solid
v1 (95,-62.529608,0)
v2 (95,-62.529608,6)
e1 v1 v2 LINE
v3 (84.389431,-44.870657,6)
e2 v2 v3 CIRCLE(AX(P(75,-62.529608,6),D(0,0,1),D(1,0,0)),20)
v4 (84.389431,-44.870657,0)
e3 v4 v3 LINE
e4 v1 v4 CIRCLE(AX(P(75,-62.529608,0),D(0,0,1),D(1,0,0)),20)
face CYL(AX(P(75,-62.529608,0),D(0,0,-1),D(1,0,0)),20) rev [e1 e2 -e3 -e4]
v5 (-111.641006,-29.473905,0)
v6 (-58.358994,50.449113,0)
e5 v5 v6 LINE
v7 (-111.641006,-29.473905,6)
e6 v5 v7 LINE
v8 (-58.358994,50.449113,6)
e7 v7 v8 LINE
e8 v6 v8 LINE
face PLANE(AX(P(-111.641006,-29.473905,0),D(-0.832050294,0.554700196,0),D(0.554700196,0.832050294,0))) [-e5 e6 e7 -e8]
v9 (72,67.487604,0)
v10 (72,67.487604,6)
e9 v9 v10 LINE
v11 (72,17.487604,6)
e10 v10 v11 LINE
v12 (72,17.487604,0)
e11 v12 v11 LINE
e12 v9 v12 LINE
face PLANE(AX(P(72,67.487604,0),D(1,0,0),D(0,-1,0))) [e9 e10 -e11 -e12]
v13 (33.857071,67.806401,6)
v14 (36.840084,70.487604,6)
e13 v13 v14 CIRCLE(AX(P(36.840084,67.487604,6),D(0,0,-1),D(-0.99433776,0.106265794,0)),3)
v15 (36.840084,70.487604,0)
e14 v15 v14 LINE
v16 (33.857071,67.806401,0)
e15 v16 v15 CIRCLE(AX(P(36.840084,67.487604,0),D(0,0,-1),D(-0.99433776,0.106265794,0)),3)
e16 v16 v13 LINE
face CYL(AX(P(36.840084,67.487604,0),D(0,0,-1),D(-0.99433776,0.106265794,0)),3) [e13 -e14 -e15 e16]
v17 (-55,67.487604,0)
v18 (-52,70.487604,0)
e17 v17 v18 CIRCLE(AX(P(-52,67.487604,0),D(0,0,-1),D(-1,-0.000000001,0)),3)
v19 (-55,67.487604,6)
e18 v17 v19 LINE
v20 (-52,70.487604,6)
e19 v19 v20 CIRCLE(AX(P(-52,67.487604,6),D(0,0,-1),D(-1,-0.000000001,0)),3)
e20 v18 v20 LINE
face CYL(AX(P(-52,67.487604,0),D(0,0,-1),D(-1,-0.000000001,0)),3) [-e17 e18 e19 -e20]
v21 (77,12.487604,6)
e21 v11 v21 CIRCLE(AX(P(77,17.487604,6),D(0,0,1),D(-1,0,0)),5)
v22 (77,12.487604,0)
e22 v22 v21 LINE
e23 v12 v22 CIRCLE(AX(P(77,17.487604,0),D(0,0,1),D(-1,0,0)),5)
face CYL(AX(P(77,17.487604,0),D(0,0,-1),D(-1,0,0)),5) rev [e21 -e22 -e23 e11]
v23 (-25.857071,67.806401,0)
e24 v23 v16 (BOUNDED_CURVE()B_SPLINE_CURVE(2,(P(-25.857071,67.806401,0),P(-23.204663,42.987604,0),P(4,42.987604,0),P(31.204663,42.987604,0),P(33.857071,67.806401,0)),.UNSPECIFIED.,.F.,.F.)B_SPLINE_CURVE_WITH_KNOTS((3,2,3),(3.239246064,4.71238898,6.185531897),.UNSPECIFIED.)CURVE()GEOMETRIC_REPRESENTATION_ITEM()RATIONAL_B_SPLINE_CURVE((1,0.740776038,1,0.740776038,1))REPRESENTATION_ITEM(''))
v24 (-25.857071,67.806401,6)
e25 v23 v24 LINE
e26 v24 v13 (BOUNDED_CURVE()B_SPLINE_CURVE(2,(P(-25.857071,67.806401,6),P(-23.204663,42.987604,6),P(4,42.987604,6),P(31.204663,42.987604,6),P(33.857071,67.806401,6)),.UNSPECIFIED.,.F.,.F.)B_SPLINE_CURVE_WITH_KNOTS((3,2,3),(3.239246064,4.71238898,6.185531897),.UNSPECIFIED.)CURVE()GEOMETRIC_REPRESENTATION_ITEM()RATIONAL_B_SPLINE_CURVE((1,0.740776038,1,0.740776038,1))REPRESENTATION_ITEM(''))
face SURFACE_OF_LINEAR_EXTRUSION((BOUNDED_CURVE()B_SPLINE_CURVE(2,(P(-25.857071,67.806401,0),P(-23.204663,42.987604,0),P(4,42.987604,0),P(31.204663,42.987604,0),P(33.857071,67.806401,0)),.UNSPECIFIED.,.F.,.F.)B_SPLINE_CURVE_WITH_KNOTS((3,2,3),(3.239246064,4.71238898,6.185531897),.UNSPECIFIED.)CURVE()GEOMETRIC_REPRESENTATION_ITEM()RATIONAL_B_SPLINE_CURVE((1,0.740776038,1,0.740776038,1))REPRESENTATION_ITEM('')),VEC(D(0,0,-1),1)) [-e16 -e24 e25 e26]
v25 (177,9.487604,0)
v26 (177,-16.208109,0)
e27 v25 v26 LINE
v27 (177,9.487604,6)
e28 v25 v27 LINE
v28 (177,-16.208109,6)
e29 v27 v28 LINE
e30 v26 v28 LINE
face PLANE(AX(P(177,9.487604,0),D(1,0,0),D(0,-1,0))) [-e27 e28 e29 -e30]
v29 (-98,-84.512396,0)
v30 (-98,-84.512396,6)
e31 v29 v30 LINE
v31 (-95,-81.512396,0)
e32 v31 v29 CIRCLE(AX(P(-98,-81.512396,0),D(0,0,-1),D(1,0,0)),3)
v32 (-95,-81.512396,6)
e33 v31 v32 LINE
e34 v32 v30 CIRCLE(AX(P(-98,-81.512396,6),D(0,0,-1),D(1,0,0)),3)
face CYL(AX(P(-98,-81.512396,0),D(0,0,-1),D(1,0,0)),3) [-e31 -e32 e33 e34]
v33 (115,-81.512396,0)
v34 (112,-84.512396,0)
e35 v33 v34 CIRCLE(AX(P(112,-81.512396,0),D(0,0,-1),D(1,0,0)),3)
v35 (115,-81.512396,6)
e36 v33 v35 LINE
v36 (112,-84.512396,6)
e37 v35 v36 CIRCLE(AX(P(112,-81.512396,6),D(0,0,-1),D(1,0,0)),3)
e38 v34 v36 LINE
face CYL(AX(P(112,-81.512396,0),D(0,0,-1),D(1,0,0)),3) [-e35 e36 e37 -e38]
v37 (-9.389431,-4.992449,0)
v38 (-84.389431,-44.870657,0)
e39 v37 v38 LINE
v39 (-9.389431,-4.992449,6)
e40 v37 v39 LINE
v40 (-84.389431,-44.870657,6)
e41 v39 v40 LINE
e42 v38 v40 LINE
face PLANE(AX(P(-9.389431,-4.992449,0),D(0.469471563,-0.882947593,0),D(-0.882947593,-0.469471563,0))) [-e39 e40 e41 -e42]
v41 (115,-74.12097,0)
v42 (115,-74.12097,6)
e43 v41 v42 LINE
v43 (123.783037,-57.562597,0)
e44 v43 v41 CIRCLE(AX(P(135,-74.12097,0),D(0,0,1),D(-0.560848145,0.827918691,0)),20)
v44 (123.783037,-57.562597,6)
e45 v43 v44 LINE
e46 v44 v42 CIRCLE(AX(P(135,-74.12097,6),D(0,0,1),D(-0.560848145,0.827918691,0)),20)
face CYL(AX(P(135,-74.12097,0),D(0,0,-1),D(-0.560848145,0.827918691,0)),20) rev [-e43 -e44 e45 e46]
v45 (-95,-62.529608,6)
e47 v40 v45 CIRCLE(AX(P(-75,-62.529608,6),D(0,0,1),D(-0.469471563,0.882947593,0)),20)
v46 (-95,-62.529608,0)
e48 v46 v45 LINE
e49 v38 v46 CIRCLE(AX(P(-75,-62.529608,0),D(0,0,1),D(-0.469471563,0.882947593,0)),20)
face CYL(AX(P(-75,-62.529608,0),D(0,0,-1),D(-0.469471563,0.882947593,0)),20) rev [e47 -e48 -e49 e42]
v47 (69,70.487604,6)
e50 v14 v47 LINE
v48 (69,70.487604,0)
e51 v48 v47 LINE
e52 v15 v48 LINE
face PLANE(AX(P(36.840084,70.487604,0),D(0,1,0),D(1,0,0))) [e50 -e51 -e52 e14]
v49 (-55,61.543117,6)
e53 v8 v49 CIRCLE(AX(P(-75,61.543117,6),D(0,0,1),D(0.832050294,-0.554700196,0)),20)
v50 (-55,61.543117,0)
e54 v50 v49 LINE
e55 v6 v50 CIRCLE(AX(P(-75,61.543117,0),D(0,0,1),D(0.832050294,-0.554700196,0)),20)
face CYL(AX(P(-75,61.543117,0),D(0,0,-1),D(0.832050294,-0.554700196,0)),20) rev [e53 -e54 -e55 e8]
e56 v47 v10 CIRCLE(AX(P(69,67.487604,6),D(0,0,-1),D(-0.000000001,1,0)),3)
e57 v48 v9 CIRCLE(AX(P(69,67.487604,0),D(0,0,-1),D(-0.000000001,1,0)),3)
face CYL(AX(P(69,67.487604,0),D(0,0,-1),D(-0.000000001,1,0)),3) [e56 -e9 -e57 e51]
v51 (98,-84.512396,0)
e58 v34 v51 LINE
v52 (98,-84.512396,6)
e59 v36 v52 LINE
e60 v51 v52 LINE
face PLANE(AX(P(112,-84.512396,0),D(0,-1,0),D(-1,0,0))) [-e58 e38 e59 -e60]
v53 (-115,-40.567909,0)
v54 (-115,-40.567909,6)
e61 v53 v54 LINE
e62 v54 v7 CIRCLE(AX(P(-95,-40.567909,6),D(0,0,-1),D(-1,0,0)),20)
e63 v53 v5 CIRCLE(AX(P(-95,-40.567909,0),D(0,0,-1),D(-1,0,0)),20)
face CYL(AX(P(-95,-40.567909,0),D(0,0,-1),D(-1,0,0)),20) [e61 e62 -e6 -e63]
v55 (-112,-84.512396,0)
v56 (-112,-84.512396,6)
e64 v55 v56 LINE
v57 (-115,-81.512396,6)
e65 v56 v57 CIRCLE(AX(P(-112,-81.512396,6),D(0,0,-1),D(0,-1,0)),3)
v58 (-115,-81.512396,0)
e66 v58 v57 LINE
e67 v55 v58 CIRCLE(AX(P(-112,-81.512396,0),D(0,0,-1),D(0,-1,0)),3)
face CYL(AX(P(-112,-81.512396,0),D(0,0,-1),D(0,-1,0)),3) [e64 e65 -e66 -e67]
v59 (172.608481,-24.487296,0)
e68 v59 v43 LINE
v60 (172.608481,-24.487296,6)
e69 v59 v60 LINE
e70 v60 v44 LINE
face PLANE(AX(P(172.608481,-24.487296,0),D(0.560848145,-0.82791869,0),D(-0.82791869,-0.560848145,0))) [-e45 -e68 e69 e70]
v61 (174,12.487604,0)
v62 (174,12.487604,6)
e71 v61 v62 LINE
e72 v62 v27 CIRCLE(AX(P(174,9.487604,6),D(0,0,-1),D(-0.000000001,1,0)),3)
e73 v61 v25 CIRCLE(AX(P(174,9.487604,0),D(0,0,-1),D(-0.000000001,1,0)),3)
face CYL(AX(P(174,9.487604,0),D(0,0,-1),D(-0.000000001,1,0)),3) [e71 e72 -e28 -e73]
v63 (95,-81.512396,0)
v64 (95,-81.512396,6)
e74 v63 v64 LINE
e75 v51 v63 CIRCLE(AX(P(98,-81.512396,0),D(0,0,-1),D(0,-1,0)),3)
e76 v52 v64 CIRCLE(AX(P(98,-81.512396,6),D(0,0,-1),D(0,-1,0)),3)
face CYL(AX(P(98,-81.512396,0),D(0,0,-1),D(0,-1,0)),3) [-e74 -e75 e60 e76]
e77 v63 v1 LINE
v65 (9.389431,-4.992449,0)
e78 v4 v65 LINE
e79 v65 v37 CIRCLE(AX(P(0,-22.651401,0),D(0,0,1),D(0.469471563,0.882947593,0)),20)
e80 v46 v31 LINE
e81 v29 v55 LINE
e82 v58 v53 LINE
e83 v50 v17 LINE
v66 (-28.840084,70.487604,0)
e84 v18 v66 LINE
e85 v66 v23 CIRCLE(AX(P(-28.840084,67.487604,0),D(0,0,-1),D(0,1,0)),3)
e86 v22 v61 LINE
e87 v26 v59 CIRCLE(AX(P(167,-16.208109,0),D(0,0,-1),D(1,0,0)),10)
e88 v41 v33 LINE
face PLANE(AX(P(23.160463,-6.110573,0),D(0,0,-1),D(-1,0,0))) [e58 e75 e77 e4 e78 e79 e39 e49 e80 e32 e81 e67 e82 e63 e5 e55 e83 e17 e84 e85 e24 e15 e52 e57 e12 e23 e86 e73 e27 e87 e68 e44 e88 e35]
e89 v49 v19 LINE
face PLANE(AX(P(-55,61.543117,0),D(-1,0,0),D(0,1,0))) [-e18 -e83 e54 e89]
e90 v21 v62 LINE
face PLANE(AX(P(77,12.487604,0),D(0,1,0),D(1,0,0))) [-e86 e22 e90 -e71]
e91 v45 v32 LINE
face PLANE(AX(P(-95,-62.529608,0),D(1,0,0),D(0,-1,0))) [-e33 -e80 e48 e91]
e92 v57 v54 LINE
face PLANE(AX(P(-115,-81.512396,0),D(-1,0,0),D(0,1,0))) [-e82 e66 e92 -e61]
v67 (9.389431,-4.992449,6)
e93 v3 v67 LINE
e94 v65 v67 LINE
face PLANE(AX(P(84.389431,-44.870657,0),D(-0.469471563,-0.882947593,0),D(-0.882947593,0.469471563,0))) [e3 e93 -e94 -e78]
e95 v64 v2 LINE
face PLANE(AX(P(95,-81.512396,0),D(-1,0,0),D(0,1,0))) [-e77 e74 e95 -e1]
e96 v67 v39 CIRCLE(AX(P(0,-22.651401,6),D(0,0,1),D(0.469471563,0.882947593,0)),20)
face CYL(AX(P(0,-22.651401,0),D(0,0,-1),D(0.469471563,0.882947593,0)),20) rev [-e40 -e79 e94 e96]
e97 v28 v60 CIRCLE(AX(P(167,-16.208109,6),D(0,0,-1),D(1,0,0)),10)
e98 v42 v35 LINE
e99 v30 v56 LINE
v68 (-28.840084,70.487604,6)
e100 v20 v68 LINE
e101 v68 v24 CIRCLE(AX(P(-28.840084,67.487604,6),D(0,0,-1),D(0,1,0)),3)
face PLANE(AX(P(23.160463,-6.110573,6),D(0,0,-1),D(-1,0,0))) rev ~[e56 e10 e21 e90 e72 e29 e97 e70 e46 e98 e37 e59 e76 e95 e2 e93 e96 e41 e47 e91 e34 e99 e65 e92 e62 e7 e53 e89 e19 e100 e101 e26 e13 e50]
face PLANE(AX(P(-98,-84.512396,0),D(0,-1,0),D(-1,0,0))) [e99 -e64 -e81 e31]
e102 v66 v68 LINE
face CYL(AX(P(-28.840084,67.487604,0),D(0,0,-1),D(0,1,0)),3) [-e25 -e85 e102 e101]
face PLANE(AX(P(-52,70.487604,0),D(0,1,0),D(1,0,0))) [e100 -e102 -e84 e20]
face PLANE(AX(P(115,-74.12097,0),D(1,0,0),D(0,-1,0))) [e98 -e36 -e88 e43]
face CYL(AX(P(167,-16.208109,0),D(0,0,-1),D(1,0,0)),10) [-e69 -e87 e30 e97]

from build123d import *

# Parameters (mm, degrees)
EXTRUDE1_DEPTH = 6


with BuildPart() as part:
    # Sketch1 → Extrude1 (new body)
    with BuildSketch(Plane.XY):
        with BuildLine():
            Line((-9.389431256, -4.992449157), (-84.389431256, -44.870656531))
            ThreePointArc((-84.389431256, -44.870656531), (-92.143346014, -52.22884689), (-95, -62.529608388))
            Line((-95, -62.529608388), (-95, -81.512396008))
            ThreePointArc((-95, -81.512396008), (-95.878679656, -83.633716351), (-98, -84.512396008))
            Line((-98, -84.512396008), (-112, -84.512396008))
            ThreePointArc((-112, -84.512396008), (-114.121320344, -83.633716351), (-115, -81.512396008))
            Line((-115, -81.512396008), (-115, -40.567908762))
            ThreePointArc((-115, -40.567908762), (-114.14184053, -34.772225789), (-111.641005887, -29.473904838))
            Line((-111.641005887, -29.473904838), (-58.358994113, 50.449112822))
            ThreePointArc((-58.358994113, 50.449112822), (-55.85815947, 55.747433773), (-55, 61.543116747))
            Line((-55, 61.543116747), (-55, 67.487603992))
            ThreePointArc((-55, 67.487603992), (-54.121320344, 69.608924336), (-52, 70.487603992))
            Line((-52, 70.487603992), (-28.840084091, 70.487603992))
            ThreePointArc((-28.840084091, 70.487603992), (-26.834640517, 69.718791136), (-25.85707081, 67.806401373))
            add(Edge.make_bspline(
                [(-25.85707081, 67.806401373), (-23.204663037, 42.987603992), (4, 42.987603992), (31.204663037, 42.987603992), (33.85707081, 67.806401373)],
                knots=[3.239246064, 3.239246064, 3.239246064, 4.71238898, 4.71238898, 6.185531897, 6.185531897, 6.185531897], degree=2, weights=[1, 0.740776038, 1, 0.740776038, 1]))
            ThreePointArc((33.85707081, 67.806401373), (34.834640517, 69.718791136), (36.840084091, 70.487603992))
            Line((36.840084091, 70.487603992), (69, 70.487603992))
            ThreePointArc((69, 70.487603992), (71.121320344, 69.608924336), (72, 67.487603992))
            Line((72, 67.487603992), (72, 17.487603992))
            ThreePointArc((72, 17.487603992), (73.464466094, 13.952070086), (77, 12.487603992))
            Line((77, 12.487603992), (174, 12.487603992))
            ThreePointArc((174, 12.487603992), (176.121320344, 11.608924336), (177, 9.487603992))
            Line((177, 9.487603992), (177, -16.208108765))
            ThreePointArc((177, -16.208108765), (175.834161378, -20.894001715), (172.608481452, -24.48729567))
            Line((172.608481452, -24.48729567), (123.783037097, -57.562596684))
            ThreePointArc((123.783037097, -57.562596684), (117.331677243, -64.749184594), (115, -74.120970494))
            Line((115, -74.120970494), (115, -81.512396008))
            ThreePointArc((115, -81.512396008), (114.121320344, -83.633716351), (112, -84.512396008))
            Line((112, -84.512396008), (98, -84.512396008))
            ThreePointArc((98, -84.512396008), (95.878679656, -83.633716351), (95, -81.512396008))
            Line((95, -81.512396008), (95, -62.529608388))
            ThreePointArc((95, -62.529608388), (92.143346014, -52.22884689), (84.389431256, -44.870656531))
            Line((84.389431256, -44.870656531), (9.389431256, -4.992449157))
            ThreePointArc((9.389431256, -4.992449157), (0, -2.651401014), (-9.389431256, -4.992449157))
        make_face()
    extrude(amount=EXTRUDE1_DEPTH)


solid = part.part
